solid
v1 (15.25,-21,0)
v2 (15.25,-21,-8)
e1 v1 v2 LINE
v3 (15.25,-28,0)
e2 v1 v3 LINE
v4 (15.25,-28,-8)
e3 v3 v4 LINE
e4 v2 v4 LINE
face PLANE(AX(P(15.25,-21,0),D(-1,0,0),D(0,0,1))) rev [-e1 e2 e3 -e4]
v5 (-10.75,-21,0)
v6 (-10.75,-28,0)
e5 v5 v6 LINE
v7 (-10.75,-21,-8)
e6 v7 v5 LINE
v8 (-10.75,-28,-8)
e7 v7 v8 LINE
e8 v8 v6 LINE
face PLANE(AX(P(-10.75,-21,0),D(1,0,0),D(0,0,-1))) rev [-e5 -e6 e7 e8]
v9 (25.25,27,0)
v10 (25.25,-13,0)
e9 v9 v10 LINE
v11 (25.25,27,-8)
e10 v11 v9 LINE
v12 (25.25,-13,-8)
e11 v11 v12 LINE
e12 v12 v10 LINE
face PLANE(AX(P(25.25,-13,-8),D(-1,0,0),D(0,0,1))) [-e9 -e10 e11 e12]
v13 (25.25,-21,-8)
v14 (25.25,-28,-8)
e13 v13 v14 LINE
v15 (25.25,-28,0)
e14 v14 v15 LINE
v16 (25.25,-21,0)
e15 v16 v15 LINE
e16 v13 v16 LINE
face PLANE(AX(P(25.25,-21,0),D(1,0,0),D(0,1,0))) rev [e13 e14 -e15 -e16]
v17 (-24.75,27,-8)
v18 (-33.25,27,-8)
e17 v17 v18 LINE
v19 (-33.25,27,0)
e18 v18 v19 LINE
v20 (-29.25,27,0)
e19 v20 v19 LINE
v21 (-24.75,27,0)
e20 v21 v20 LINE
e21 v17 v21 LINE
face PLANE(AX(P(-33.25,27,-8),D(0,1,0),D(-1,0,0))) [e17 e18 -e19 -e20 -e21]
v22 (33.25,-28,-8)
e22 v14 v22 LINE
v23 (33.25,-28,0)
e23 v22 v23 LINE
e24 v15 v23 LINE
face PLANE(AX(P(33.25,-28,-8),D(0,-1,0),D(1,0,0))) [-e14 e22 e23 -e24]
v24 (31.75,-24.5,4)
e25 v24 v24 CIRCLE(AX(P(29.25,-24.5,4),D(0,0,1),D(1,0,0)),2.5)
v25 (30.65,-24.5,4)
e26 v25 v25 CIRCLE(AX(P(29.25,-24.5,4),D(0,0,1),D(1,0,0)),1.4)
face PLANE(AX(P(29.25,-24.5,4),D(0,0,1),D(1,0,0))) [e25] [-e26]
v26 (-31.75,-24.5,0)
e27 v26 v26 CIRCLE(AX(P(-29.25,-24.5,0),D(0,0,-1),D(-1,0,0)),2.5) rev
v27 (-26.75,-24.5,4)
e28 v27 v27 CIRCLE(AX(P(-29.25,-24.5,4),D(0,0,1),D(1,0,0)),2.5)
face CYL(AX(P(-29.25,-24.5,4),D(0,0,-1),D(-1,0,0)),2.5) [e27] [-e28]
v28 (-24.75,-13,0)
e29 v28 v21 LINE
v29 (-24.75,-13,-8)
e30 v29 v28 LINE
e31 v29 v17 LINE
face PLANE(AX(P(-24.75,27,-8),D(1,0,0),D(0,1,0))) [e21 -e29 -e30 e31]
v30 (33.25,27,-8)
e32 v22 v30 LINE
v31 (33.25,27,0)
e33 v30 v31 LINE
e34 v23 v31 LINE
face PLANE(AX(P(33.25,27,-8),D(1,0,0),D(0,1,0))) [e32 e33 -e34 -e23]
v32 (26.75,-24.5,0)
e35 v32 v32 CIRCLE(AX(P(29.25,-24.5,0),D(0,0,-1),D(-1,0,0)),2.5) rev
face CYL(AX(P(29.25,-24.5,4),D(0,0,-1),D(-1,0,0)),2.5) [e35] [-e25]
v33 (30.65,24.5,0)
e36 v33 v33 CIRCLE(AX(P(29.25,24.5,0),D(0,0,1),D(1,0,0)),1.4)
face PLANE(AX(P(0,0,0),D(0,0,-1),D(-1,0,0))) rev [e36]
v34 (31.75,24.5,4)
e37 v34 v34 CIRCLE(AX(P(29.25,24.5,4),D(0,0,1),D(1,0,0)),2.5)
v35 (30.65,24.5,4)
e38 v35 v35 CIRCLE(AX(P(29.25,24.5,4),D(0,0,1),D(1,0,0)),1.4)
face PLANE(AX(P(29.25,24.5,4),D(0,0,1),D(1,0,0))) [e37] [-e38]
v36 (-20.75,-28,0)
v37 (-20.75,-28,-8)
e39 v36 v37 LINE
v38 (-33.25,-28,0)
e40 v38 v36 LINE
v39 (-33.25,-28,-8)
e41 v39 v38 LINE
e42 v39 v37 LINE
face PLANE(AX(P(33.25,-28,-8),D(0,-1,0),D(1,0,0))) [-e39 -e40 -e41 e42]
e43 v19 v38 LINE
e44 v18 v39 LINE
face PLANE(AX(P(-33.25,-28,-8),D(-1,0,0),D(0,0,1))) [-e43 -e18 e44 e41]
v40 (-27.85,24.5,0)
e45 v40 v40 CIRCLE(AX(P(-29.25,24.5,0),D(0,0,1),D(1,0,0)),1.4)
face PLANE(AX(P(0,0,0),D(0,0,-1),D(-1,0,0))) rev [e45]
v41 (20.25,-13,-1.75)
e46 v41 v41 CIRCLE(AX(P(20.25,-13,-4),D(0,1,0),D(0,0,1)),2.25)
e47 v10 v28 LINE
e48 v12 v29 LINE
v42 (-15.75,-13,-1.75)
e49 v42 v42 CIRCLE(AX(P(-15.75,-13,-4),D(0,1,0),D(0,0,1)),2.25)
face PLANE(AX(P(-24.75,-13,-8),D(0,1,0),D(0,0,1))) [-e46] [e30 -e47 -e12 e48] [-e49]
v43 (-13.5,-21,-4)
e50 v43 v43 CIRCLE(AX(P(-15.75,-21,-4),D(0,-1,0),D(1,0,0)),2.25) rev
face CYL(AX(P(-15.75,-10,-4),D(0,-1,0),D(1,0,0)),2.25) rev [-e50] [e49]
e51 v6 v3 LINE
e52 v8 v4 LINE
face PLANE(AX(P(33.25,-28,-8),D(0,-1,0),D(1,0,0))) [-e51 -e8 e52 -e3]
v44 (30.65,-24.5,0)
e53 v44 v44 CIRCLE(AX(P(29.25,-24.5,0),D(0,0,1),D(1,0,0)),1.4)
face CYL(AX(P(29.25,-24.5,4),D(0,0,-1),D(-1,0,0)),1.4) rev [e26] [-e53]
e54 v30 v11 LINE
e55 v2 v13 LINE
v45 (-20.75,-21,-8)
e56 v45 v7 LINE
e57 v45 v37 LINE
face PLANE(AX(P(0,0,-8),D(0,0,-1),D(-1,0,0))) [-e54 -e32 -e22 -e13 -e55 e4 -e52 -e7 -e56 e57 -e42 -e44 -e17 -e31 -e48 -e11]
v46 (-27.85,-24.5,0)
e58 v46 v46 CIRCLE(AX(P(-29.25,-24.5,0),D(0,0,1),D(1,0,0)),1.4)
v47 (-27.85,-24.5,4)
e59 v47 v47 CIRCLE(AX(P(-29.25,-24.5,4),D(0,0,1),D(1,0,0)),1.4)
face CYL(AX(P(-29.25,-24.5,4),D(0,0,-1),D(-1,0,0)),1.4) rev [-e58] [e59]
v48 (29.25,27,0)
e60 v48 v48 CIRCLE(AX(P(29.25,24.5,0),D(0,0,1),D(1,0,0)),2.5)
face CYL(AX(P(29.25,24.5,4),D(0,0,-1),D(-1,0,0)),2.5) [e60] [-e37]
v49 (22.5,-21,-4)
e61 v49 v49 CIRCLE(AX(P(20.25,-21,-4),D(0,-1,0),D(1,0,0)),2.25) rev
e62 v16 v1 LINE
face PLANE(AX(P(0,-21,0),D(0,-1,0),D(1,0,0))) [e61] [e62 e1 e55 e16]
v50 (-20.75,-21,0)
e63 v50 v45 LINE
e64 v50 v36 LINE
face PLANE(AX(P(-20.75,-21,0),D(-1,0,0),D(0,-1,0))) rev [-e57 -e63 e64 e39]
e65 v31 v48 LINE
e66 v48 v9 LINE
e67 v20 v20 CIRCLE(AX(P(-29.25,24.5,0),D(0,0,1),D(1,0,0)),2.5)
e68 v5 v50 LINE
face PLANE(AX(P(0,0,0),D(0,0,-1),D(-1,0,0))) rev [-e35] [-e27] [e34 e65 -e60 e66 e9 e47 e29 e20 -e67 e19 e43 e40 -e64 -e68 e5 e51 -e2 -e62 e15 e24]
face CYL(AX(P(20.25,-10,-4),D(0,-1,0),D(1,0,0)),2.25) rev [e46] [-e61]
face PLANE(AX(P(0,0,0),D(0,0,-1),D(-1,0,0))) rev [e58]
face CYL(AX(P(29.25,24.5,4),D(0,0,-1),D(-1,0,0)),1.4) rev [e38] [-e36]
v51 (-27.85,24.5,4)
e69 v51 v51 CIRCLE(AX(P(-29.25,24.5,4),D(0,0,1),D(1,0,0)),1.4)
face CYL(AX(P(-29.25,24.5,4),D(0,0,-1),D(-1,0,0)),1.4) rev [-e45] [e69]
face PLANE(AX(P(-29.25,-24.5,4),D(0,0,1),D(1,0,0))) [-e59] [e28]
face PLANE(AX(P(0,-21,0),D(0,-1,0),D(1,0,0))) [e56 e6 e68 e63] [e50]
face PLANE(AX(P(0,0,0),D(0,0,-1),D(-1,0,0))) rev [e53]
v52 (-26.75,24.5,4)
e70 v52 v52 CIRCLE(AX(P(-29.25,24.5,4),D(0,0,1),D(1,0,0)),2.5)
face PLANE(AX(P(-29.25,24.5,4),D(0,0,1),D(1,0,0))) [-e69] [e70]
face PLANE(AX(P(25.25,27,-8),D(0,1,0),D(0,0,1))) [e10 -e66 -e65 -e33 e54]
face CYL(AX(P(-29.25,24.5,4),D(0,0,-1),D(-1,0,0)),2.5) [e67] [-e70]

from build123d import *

# Parameters (mm, degrees)
SCHIZZO1_R                     = 2.5
SCHIZZO1_R_2                   = 1.4
ESTRUSIONE_ESTRUSIONE1_DEPTH   = 4
ESTRUSIONE_ESTRUSIONE1_2_DEPTH = 4
ESTRUSIONE_ESTRUSIONE1_3_DEPTH = 4
ESTRUSIONE_ESTRUSIONE1_4_DEPTH = 4
ESTRUSIONE_ESTRUSIONE2_DEPTH   = 8
SCHIZZO3_R                     = 2.25
TAGLIO_ESTRUSIONE1_DEPTH       = 18
SCHIZZO4_W                     = 10
SCHIZZO4_H                     = 8
TAGLIO_ESTRUSIONE2_DEPTH       = 7


with BuildPart() as part:
    # Schizzo1 → Estrusione-Estrusione1 (new body)
    with BuildSketch(Plane.XY):
        with Locations((-29.25, 24.5)):
            Circle(SCHIZZO1_R)
        with Locations((-29.25, 24.5)):
            Circle(SCHIZZO1_R_2, mode=Mode.SUBTRACT)
    extrude(amount=ESTRUSIONE_ESTRUSIONE1_DEPTH)



with BuildPart() as body_2:
    # Schizzo1 → Estrusione-Estrusione1 2 (new body)
    with BuildSketch(Plane.XY):
        with Locations((29.25, 24.5)):
            Circle(SCHIZZO1_R)
        with Locations((29.25, 24.5)):
            Circle(SCHIZZO1_R_2, mode=Mode.SUBTRACT)
    extrude(amount=ESTRUSIONE_ESTRUSIONE1_2_DEPTH)


with BuildPart() as body_3:
    # Schizzo1 → Estrusione-Estrusione1 3 (new body)
    with BuildSketch(Plane.XY):
        with Locations((29.25, -24.5)):
            Circle(SCHIZZO1_R)
        with Locations((29.25, -24.5)):
            Circle(SCHIZZO1_R_2, mode=Mode.SUBTRACT)
    extrude(amount=ESTRUSIONE_ESTRUSIONE1_3_DEPTH)


with BuildPart() as body_4:
    # Schizzo1 → Estrusione-Estrusione1 4 (new body)
    with BuildSketch(Plane.XY):
        with Locations((-29.25, -24.5)):
            Circle(SCHIZZO1_R)
        with Locations((-29.25, -24.5)):
            Circle(SCHIZZO1_R_2, mode=Mode.SUBTRACT)
    extrude(amount=ESTRUSIONE_ESTRUSIONE1_4_DEPTH)


with BuildPart() as part_1:
    add(part.part)

    add(body_2.part)  # Estrusione-Estrusione2 merges body 2

    add(body_3.part)  # Estrusione-Estrusione2 merges body 3

    add(body_4.part)  # Estrusione-Estrusione2 merges body 4
    # Schizzo2 → Estrusione-Estrusione2 (add)
    with BuildSketch(Plane.XY):
        Polygon((33.25, 27), (33.25, -28), (-33.25, -28), (-33.25, 27), (-24.75, 27), (-24.75, -13), (25.25, -13), (25.25, 27), align=None)
    extrude(amount=-ESTRUSIONE_ESTRUSIONE2_DEPTH)

    # Schizzo3 → Taglio-Estrusione1 (cut)
    with BuildSketch(Plane.XZ.offset(28)):
        with Locations((-15.75, -4)):
            Circle(SCHIZZO3_R)
        with Locations((20.25, -4)):
            Circle(SCHIZZO3_R)
    extrude(amount=-TAGLIO_ESTRUSIONE1_DEPTH, mode=Mode.SUBTRACT)

    # Schizzo4 → Taglio-Estrusione2 (cut)
    with BuildSketch(Plane.XZ.offset(28)):
        with Locations((-15.75, -4)):
            Rectangle(SCHIZZO4_W, SCHIZZO4_H)
        with Locations((20.25, -4)):
            Rectangle(SCHIZZO4_W, SCHIZZO4_H)
    extrude(amount=-TAGLIO_ESTRUSIONE2_DEPTH, mode=Mode.SUBTRACT)


solid = part_1.part
